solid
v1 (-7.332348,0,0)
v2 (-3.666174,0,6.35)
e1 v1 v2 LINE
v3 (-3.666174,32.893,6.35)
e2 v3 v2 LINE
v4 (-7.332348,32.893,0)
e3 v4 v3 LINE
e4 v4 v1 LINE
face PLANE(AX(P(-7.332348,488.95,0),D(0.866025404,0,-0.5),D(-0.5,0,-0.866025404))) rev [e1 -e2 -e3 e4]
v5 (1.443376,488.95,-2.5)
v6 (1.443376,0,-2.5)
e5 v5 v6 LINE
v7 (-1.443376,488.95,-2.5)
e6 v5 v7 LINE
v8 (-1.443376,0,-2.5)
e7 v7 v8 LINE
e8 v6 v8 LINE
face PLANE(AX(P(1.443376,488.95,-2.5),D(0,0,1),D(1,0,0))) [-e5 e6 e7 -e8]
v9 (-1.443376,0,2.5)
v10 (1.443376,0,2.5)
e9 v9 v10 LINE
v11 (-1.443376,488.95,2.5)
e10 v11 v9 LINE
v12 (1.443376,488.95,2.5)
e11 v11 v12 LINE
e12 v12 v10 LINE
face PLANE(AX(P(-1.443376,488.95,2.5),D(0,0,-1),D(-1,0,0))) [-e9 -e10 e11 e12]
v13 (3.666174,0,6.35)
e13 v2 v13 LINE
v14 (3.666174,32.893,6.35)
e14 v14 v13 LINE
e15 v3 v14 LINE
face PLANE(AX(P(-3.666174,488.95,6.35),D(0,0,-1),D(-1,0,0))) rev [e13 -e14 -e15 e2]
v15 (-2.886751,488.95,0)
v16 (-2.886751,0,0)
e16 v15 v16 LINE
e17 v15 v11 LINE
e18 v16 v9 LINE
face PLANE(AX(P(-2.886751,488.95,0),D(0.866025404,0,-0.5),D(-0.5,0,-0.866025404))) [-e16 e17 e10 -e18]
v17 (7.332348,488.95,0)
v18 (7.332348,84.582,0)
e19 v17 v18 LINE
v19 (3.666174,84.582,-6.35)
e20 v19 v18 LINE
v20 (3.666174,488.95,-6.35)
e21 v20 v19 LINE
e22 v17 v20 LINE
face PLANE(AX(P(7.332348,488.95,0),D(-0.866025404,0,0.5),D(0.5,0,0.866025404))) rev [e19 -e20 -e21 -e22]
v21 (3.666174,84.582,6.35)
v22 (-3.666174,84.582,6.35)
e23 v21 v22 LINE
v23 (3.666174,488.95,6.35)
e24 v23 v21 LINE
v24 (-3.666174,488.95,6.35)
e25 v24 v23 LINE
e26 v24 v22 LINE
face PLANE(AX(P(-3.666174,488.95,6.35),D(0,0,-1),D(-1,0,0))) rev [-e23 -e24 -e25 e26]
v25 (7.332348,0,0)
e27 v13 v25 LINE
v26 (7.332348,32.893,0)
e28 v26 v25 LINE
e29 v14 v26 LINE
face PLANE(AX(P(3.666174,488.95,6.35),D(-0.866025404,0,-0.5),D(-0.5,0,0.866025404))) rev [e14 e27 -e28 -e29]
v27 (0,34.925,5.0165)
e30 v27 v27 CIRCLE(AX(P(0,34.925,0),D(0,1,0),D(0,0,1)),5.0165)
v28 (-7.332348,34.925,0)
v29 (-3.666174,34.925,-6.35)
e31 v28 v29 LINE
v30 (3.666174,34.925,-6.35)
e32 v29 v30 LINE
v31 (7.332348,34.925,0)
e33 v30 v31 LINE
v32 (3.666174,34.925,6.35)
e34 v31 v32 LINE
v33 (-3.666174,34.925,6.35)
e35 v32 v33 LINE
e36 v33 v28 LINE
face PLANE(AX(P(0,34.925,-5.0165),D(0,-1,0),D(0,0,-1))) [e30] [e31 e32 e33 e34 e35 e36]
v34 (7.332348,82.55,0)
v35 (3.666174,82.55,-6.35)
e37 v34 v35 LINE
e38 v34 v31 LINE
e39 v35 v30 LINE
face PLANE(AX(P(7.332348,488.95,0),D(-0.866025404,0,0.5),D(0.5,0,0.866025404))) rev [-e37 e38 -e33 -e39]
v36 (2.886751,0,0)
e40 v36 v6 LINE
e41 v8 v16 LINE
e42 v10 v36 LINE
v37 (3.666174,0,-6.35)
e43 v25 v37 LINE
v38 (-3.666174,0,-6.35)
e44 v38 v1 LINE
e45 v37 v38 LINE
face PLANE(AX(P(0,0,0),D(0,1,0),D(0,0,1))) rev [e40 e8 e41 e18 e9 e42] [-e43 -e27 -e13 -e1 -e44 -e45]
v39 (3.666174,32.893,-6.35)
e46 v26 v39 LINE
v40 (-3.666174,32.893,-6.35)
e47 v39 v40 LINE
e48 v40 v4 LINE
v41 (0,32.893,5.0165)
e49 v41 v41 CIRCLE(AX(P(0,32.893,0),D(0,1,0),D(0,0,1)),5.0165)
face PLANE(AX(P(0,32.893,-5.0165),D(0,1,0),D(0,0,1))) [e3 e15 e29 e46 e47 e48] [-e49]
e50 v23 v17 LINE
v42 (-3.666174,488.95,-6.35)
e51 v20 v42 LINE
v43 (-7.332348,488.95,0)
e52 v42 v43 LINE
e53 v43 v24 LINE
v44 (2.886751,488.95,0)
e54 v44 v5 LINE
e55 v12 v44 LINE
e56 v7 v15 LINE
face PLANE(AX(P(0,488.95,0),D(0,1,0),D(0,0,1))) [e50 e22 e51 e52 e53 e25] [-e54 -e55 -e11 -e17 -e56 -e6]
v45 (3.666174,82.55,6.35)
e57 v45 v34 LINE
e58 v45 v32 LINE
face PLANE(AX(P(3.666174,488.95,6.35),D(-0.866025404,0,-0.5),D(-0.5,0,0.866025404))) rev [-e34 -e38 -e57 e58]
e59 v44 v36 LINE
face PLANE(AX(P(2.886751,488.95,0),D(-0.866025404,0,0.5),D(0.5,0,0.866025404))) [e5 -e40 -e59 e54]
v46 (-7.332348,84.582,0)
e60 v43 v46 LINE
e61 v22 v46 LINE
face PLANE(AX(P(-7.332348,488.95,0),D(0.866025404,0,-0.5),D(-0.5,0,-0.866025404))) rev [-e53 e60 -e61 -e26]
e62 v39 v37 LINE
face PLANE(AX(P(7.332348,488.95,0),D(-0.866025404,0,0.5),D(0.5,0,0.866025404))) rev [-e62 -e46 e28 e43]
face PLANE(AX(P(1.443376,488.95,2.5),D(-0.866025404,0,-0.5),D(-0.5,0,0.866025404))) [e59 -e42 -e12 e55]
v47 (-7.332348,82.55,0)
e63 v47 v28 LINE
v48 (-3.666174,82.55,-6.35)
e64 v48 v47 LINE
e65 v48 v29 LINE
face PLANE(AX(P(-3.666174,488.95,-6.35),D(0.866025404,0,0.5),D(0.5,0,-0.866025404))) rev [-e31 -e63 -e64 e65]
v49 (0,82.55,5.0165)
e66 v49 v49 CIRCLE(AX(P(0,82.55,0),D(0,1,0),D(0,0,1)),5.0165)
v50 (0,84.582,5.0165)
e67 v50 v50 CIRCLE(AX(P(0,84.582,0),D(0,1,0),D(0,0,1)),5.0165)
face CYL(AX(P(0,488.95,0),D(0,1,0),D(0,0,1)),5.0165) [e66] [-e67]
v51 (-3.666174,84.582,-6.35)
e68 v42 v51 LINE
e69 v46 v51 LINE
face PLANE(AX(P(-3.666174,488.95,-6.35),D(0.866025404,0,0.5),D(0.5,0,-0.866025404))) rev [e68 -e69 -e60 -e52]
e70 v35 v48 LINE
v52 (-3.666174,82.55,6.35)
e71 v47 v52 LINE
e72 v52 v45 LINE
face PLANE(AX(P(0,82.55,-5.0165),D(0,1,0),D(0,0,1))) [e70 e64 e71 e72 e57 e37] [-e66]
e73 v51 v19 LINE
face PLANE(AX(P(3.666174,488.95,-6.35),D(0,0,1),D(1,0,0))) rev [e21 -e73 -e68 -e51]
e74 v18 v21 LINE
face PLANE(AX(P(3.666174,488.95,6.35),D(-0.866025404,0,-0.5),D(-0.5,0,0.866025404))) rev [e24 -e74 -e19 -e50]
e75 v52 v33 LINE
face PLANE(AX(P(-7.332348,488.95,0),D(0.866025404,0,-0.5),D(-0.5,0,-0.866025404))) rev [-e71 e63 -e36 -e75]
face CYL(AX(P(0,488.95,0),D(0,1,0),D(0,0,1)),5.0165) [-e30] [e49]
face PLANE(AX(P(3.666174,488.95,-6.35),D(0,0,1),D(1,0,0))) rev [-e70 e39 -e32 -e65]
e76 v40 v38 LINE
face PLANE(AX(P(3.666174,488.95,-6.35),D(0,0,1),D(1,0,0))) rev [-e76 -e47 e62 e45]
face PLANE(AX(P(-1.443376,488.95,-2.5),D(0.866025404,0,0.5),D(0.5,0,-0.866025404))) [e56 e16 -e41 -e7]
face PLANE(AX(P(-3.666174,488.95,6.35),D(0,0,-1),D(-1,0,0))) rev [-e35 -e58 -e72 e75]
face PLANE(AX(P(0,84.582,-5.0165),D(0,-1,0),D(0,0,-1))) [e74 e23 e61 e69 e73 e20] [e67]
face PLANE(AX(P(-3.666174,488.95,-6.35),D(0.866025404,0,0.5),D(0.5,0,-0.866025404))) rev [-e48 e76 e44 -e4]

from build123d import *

# Parameters (mm, degrees)
BOSS_EXTRUDE1_DEPTH = 488.95
SKETCH3_W           = 2.54
SKETCH3_H           = 2.032


with BuildPart() as part:
    # Sketch1 → Boss-Extrude1 (new body)
    with BuildSketch(Plane(origin=(0, 0, 0), x_dir=(1, 0, 0), z_dir=(0, 1, 0))):
        Polygon((7.332348419, 0), (3.666174209, 6.35), (-3.666174209, 6.35), (-7.332348419, 0), (-3.666174209, -6.35), (3.666174209, -6.35), align=None)
        Polygon((1.443375673, 2.5), (-1.443375673, 2.5), (-2.886751346, 0), (-1.443375673, -2.5), (1.443375673, -2.5), (2.886751346, 0), align=None, mode=Mode.SUBTRACT)
    extrude(amount=BOSS_EXTRUDE1_DEPTH)

    # Sketch3 → Cut-Revolve2 (revolve, cut)
    with BuildSketch(Plane(origin=(0, 0, 0), x_dir=(0, 0, -1), z_dir=(1, 0, 0))):
        with Locations((6.2865, 83.566)):
            Rectangle(SKETCH3_W, SKETCH3_H)
        with Locations((6.2865, 33.909)):
            Rectangle(SKETCH3_W, SKETCH3_H)
    revolve(axis=Axis((0, 488.95, 0), (0, -1, 0)), mode=Mode.SUBTRACT)


solid = part.part
